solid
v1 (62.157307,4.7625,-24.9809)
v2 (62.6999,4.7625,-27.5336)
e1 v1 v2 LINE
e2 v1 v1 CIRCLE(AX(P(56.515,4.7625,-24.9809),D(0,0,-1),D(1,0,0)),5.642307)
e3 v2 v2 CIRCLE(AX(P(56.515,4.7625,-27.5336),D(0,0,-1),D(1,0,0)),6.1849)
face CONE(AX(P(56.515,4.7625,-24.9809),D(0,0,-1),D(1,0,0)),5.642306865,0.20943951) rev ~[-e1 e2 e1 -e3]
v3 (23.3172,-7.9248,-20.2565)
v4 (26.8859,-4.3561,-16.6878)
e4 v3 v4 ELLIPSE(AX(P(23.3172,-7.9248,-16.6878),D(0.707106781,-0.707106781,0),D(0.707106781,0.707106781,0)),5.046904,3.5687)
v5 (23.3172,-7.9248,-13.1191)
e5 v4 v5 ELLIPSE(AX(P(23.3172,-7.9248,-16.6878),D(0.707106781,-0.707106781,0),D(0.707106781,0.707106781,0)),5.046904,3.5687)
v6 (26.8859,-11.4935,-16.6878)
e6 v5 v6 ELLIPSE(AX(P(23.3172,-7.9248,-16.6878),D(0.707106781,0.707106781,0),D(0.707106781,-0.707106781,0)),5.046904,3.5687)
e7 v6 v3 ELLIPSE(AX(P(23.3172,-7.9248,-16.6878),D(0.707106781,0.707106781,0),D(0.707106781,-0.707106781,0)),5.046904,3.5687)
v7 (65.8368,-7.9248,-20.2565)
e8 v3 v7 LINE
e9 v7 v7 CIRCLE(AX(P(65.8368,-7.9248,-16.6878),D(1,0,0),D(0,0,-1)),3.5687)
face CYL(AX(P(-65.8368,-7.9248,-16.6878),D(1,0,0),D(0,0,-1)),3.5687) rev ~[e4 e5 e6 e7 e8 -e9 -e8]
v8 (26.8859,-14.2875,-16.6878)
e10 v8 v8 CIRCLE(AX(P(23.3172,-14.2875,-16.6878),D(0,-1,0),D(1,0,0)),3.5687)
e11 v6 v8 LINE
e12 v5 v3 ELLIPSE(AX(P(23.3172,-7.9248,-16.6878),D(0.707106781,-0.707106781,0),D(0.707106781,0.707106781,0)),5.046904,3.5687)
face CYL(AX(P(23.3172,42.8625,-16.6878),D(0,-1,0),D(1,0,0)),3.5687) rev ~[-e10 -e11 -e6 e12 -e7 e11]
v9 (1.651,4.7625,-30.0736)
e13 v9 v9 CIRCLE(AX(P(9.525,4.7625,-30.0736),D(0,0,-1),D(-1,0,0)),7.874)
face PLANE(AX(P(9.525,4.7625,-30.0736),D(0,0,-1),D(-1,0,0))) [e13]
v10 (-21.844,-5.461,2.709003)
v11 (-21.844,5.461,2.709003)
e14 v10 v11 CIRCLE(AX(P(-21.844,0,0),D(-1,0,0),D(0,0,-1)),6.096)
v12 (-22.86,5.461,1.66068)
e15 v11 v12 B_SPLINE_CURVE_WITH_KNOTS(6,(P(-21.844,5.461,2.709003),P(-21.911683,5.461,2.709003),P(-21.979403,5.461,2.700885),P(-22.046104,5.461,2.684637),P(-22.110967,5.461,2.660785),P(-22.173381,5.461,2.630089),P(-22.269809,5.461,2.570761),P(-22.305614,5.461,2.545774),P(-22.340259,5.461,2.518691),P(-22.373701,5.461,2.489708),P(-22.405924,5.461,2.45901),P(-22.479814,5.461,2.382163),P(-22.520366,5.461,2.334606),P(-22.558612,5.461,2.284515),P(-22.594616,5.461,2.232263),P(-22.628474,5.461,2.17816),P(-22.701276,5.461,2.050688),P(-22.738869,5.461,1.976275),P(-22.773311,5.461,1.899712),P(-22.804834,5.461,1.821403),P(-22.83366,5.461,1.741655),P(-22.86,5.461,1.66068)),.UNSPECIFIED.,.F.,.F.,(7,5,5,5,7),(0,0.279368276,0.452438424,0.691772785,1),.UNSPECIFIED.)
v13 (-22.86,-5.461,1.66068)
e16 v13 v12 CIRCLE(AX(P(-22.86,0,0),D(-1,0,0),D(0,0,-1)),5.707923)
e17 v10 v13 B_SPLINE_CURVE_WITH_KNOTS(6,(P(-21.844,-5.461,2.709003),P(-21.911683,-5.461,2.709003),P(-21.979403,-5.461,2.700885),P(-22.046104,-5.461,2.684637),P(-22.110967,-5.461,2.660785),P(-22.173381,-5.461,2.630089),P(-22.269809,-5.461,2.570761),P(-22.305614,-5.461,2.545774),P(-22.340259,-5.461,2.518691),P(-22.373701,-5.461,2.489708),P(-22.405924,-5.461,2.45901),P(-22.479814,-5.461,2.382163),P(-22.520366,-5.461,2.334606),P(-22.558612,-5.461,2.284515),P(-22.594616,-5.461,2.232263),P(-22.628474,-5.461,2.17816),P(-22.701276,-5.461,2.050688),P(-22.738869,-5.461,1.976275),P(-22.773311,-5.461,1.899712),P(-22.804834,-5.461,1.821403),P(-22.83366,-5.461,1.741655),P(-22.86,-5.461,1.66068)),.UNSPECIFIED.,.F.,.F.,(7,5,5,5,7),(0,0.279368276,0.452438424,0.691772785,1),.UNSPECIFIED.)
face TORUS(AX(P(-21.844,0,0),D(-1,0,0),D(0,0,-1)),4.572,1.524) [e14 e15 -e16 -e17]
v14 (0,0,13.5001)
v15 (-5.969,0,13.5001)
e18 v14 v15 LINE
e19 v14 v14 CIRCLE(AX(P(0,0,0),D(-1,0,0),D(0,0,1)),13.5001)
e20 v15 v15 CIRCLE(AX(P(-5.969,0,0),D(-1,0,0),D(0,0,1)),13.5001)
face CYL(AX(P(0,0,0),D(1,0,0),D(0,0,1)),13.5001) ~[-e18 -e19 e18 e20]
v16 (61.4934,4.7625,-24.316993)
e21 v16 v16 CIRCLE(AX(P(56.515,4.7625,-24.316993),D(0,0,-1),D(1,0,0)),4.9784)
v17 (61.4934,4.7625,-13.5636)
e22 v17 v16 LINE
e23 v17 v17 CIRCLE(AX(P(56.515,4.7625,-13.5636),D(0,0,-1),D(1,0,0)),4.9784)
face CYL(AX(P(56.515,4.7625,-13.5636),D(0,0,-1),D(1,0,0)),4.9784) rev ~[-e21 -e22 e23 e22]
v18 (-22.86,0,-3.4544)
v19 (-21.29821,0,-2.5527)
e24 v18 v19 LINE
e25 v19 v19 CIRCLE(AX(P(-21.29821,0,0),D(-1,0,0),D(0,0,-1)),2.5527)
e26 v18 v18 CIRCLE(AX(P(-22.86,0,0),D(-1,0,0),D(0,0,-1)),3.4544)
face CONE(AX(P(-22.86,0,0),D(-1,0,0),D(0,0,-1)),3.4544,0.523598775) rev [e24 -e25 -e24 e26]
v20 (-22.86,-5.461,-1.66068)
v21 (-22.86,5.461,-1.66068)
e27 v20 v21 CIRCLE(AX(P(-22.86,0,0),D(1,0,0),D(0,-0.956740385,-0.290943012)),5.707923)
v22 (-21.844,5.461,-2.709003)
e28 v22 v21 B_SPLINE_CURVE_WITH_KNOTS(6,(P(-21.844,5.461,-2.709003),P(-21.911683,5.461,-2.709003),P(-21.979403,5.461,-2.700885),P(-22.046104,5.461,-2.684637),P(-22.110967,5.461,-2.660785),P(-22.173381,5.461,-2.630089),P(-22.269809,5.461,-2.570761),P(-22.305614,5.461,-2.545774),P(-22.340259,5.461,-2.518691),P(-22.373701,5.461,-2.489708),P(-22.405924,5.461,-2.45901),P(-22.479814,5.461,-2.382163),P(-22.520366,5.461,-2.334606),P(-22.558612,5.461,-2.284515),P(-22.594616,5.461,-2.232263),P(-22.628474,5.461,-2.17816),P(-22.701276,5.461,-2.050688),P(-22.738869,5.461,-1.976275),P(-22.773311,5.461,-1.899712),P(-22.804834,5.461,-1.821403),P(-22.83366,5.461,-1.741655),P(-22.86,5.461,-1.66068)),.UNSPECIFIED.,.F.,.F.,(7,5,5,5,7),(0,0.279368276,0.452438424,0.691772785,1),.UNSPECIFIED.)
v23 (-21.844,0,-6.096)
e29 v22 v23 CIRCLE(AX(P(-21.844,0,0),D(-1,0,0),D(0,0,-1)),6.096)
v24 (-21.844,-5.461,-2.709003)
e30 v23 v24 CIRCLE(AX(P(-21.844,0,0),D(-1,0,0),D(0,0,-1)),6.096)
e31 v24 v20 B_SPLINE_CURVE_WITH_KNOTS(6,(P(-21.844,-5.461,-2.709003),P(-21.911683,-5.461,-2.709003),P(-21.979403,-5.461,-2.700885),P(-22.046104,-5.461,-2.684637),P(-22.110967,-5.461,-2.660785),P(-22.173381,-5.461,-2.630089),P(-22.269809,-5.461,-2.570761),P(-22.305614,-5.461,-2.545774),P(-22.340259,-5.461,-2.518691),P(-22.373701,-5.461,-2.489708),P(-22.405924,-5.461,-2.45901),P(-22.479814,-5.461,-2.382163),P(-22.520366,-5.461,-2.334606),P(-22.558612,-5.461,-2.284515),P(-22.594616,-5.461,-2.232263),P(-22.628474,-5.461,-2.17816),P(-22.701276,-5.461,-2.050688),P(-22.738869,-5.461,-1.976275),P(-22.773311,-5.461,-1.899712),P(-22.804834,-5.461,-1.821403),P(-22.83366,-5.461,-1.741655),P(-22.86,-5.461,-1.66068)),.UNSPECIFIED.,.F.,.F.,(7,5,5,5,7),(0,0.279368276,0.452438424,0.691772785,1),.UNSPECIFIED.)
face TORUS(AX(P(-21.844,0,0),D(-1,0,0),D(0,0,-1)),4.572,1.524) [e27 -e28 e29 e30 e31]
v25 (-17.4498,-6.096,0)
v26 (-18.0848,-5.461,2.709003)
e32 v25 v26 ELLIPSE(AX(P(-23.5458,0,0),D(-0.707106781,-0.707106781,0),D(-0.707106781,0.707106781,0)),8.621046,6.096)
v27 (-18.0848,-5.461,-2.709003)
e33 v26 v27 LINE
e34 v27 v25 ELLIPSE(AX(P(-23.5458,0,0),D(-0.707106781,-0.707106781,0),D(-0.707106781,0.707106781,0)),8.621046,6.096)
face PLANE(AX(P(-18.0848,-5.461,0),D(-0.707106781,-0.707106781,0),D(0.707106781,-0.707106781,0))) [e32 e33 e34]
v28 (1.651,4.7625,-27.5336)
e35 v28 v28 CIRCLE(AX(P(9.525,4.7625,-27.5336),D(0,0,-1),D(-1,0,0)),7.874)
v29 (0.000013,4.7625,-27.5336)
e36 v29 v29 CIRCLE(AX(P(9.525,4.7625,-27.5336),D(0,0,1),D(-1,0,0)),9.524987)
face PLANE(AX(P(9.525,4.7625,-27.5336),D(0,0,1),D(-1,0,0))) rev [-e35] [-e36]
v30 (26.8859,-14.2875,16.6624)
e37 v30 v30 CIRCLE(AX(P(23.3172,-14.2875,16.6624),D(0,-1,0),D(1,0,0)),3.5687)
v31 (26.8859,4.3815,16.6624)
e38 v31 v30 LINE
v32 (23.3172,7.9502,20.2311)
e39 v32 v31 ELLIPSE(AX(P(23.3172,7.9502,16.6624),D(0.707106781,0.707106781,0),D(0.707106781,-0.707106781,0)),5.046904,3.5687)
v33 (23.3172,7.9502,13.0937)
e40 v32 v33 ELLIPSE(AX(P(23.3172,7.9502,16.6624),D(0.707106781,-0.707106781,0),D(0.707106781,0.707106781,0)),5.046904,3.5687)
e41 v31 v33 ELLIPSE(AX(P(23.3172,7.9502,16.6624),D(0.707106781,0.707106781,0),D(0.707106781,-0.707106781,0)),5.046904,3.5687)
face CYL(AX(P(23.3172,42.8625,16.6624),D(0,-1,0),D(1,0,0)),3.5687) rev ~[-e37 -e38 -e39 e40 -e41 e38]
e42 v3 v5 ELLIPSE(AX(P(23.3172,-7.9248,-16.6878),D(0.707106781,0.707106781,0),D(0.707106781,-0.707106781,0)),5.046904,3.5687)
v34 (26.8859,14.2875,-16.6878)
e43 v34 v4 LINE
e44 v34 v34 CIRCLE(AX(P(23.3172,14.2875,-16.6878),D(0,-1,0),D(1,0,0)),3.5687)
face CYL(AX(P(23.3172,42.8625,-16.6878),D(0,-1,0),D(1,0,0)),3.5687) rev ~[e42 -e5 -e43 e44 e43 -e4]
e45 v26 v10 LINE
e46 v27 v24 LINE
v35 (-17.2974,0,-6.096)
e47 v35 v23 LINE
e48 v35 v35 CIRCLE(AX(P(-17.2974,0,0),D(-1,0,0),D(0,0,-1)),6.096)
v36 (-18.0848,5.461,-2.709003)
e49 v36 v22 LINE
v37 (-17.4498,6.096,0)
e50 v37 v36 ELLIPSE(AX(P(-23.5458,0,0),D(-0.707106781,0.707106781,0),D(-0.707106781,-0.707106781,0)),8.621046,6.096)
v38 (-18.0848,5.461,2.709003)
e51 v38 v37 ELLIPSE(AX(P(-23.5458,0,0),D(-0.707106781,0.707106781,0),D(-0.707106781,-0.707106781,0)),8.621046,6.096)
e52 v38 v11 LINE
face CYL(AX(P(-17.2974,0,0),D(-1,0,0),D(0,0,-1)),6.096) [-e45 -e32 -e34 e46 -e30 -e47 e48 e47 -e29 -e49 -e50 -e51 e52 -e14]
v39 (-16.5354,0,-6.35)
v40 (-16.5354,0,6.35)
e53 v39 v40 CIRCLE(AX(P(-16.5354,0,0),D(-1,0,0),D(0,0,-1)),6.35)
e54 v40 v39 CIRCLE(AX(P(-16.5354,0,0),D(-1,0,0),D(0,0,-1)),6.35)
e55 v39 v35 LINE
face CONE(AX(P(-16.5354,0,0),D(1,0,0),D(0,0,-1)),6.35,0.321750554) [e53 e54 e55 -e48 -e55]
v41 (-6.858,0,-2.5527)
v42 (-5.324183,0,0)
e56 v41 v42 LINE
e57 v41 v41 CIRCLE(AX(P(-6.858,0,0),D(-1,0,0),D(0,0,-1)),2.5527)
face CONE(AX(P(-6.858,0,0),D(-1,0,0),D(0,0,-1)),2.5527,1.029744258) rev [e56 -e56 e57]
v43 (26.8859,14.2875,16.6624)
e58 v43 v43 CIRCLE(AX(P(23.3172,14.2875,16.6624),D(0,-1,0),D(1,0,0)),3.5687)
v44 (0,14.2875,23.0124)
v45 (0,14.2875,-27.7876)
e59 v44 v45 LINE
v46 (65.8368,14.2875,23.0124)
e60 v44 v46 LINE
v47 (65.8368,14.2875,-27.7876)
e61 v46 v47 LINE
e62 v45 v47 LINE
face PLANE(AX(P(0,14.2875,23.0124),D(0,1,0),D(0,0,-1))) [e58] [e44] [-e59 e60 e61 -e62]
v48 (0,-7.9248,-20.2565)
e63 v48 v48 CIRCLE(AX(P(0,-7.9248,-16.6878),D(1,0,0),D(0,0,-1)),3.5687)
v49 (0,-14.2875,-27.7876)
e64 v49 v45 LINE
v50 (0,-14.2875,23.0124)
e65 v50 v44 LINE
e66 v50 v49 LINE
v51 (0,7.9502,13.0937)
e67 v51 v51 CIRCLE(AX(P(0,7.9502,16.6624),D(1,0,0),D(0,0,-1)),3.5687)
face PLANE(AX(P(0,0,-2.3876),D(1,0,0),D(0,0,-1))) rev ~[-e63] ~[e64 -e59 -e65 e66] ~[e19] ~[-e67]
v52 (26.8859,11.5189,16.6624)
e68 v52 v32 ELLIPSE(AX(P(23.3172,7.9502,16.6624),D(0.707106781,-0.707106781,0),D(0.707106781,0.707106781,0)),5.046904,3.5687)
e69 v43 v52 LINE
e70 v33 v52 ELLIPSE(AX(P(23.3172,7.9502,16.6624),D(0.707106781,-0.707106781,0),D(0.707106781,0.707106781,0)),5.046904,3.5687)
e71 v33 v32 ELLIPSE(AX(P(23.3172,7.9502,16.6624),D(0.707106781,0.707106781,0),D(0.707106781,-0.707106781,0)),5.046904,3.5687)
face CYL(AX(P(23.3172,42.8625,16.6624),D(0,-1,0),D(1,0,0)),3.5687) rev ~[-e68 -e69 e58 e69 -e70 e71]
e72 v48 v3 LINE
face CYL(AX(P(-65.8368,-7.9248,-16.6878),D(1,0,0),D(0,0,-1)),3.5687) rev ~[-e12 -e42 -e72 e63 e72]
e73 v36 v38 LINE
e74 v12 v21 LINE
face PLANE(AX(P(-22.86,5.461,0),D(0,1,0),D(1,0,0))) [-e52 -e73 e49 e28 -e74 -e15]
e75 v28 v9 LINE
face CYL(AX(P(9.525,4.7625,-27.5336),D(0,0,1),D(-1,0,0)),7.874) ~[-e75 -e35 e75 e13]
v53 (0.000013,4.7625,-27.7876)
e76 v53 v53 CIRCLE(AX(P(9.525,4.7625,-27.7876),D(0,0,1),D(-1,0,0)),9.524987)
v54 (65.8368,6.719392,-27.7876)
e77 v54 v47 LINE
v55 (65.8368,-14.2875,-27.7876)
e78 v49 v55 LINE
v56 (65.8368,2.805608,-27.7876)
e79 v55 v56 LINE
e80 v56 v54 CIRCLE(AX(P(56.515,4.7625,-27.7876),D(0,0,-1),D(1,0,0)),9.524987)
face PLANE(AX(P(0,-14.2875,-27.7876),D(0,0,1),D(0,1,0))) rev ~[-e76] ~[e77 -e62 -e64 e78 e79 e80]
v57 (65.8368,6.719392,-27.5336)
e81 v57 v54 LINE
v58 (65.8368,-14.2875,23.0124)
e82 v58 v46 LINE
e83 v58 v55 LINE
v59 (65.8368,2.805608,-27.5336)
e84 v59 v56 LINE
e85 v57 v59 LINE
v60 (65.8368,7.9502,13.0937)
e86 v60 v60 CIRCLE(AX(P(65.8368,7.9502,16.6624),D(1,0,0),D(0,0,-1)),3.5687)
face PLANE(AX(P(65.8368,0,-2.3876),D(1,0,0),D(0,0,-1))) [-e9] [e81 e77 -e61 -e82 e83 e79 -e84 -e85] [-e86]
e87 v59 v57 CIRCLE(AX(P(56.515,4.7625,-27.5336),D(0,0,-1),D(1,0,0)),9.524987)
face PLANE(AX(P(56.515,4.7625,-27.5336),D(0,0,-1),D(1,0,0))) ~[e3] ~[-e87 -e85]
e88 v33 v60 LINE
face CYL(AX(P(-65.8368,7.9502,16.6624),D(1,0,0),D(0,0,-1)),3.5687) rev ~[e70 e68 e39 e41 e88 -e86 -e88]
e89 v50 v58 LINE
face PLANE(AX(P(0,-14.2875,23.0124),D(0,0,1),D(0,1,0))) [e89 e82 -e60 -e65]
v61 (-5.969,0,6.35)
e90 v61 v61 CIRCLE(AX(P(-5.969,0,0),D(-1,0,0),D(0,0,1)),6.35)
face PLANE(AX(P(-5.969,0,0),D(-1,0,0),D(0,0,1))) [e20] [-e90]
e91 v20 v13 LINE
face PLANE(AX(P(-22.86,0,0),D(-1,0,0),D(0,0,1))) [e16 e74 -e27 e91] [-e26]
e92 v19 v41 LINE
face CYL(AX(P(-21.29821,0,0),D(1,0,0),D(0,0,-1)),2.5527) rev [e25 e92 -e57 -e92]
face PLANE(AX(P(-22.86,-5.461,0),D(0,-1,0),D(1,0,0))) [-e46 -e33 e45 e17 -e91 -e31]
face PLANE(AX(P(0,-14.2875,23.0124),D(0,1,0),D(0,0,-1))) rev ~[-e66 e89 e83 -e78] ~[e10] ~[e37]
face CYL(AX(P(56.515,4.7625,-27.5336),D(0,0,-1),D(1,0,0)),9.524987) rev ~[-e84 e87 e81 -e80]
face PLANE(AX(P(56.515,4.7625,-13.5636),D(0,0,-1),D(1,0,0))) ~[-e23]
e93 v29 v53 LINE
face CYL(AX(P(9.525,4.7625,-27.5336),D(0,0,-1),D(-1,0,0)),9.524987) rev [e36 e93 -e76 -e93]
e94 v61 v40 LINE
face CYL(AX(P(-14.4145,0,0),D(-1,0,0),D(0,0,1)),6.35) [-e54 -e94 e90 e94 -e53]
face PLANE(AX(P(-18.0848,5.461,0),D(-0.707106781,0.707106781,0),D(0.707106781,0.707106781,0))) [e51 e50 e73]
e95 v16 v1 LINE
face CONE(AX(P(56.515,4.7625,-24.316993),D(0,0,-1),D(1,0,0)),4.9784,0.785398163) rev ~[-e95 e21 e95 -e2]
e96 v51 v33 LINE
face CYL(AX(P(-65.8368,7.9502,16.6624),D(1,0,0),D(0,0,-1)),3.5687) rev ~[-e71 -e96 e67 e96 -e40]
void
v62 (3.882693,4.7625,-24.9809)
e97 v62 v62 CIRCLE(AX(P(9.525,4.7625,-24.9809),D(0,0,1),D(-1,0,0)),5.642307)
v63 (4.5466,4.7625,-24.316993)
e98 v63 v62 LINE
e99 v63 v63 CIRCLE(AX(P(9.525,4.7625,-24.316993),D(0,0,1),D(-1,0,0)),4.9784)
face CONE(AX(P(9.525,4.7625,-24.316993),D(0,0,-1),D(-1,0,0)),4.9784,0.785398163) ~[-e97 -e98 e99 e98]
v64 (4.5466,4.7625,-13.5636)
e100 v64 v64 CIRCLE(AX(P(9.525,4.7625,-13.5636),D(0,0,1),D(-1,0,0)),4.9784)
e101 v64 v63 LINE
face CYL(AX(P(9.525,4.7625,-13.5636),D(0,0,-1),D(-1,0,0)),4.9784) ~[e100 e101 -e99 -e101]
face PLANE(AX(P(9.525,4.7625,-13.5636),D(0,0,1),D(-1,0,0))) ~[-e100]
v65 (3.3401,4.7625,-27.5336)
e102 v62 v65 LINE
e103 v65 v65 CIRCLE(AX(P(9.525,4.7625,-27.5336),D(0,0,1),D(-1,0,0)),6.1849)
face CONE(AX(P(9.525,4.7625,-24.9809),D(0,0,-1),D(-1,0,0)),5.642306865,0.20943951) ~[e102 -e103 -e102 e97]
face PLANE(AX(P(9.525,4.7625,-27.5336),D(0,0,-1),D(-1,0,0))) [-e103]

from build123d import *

# Parameters (mm, degrees)
SKETCH1_W          = 50.8
SKETCH1_H          = 28.575
EXTRUDE1_DEPTH     = 65.8368
SKETCH5_R          = 13.5001
EXTRUDE2_DEPTH     = 5.969
SKETCH6_W          = 6.35
SKETCH6_H          = 16.891
CUT_EXTRUDE4_DEPTH = 30.48
SKETCH13_R         = 7.874
EXTRUDE3_DEPTH     = 2.54
HOLE1_D            = 7.1374
HOLE1_DEPTH        = 65.8368
HOLE2_D            = 7.1374
HOLE2_DEPTH        = 28.575


with BuildPart() as part:
    # Sketch1 → Extrude1 (new body)
    with BuildSketch(Plane(origin=(0, 0, 0), x_dir=(0, 0, -1), z_dir=(1, 0, 0))):
        with Locations((2.3876, 0)):
            Rectangle(SKETCH1_W, SKETCH1_H)
    extrude(amount=EXTRUDE1_DEPTH)

    # S2D0002 → Cut-Revolve1 (revolve, cut)
    with BuildSketch(Plane(origin=(0, 4.7625, 0), x_dir=(-1, 0, 0), z_dir=(0, 1, 0)), mode=Mode.PRIVATE) as cut_revolve1_sk:
        Polygon((-15.7099, -27.5336), (-19.0499873, -27.5336), (-19.0499873, -27.7876), (-9.525, -27.7876), (-9.525, -13.5636), (-14.5034, -13.5636), (-14.5034, -24.316993135), (-15.167306865, -24.9809), align=None)
    revolve(cut_revolve1_sk.sketch.rotate(Axis((9.525, 4.7625, -19.13842003), (0, 0, 1)), 180), axis=Axis((9.525, 4.7625, -19.13842003), (0, 0, 1)), mode=Mode.SUBTRACT)  # turned: the seam where the file's is

    # Sketch3 → Cut-Revolve2 (revolve, cut)
    with BuildSketch(Plane(origin=(41.148, 4.7625, -25.146), x_dir=(1, 0, 0), z_dir=(0, 1, 0))):
        Polygon((21.5519, 2.3876), (24.8919873, 2.3876), (24.8919873, 2.6416), (15.367, 2.6416), (15.367, -11.5824), (20.3454, -11.5824), (20.3454, -0.829006865), (21.009306865, -0.1651), align=None)
    revolve(axis=Axis((56.515, 4.7625, -3.189624441), (0, 0, -1)), mode=Mode.SUBTRACT)

    # Sketch5 → Extrude2 (add)
    with BuildSketch(Plane.ZY):
        Circle(SKETCH5_R)
    extrude(amount=EXTRUDE2_DEPTH)

    # Sketch6 → Revolve1 (revolve)
    with BuildSketch(Plane(origin=(0, 0, 0), x_dir=(0, 0, 1), z_dir=(0, -1, 0)), mode=Mode.PRIVATE) as revolve1_sk:
        with Locations((-3.175, 14.4145)):
            Rectangle(SKETCH6_W, SKETCH6_H)
    revolve(revolve1_sk.sketch.rotate(Axis((5.754582971, 0, 0), (-1, 0, 0)), 180), axis=Axis((5.754582971, 0, 0), (-1, 0, 0)))  # turned: the seam where the file's is

    # S2D0001 → Cut-Revolve4 (revolve, cut)
    with BuildSketch(Plane(origin=(-18.511260017, 3.2639, 0), x_dir=(0, 1, 0), z_dir=(0, 0, 1)), mode=Mode.PRIVATE) as cut_revolve4_sk:
        Polygon((-0.7112, 2.786949769), (-0.7112, -11.653260017), (-3.2639, -13.18707692), (-3.2639, 4.348739983), (0.1905, 4.348739983), align=None)
    revolve(cut_revolve4_sk.sketch.rotate(Axis((0, 0, 0), (-1, 0, 0)), 90), axis=Axis((0, 0, 0), (-1, 0, 0)), mode=Mode.SUBTRACT)  # turned: the seam where the file's is

    # Sketch8 → Cut-Revolve5 (revolve, cut)
    with BuildSketch(Plane(origin=(0, 0, 0), x_dir=(0, 0, -1), z_dir=(0, 1, 0)), mode=Mode.PRIVATE) as cut_revolve5_sk:
        with BuildLine():
            Line((-6.35, 16.5354), (-6.096, 17.2974))
            Line((-6.096, 17.2974), (-6.096, 21.844))
            ThreePointArc((-6.096, 21.844), (-5.995678675, 22.387796865), (-5.707922533, 22.86))
            Line((-5.707922533, 22.86), (-6.35, 22.86))
            Line((-6.35, 22.86), (-6.35, 16.5354))
        make_face()
    revolve(cut_revolve5_sk.sketch.rotate(Axis((-12.65936, 0, 0), (-1, 0, 0)), 180), axis=Axis((-12.65936, 0, 0), (-1, 0, 0)), mode=Mode.SUBTRACT)  # turned: the seam where the file's is

    # Sketch12 → Cut-Extrude4 (cut, symmetric)
    with BuildSketch(Plane(origin=(0, 0, 0), x_dir=(0, -1, 0), z_dir=(0, 0, -1))):
        Polygon((5.461, 22.86), (5.461, 18.0848), (6.096, 17.4498), (6.096, 22.86), align=None)
        Polygon((-5.461, 22.86), (-5.461, 18.0848), (-6.096, 17.4498), (-6.096, 22.86), align=None)
    extrude(amount=CUT_EXTRUDE4_DEPTH, both=True, mode=Mode.SUBTRACT)

    # Sketch13 → Extrude3 (add)
    with BuildSketch(Plane(origin=(0, 0, -27.5336), x_dir=(-1, 0, 0), z_dir=(0, 0, -1))):
        with Locations((-9.525, 4.7625)):
            Circle(SKETCH13_R)
    extrude(amount=EXTRUDE3_DEPTH)

    # Hole1
    with Locations(Plane.ZY):
        with Locations((-16.6878, -7.9248), (16.6624, 7.9502)):
            Hole(HOLE1_D / 2, depth=HOLE1_DEPTH)

    # Hole2
    with Locations(Plane(origin=(0, 14.2875, 0), x_dir=(-1, 0, 0), z_dir=(0, 1, 0))):
        with Locations((-23.3172, -16.6878), (-23.3172, 16.6624)):
            Hole(HOLE2_D / 2, depth=HOLE2_DEPTH)


solid = part.part
